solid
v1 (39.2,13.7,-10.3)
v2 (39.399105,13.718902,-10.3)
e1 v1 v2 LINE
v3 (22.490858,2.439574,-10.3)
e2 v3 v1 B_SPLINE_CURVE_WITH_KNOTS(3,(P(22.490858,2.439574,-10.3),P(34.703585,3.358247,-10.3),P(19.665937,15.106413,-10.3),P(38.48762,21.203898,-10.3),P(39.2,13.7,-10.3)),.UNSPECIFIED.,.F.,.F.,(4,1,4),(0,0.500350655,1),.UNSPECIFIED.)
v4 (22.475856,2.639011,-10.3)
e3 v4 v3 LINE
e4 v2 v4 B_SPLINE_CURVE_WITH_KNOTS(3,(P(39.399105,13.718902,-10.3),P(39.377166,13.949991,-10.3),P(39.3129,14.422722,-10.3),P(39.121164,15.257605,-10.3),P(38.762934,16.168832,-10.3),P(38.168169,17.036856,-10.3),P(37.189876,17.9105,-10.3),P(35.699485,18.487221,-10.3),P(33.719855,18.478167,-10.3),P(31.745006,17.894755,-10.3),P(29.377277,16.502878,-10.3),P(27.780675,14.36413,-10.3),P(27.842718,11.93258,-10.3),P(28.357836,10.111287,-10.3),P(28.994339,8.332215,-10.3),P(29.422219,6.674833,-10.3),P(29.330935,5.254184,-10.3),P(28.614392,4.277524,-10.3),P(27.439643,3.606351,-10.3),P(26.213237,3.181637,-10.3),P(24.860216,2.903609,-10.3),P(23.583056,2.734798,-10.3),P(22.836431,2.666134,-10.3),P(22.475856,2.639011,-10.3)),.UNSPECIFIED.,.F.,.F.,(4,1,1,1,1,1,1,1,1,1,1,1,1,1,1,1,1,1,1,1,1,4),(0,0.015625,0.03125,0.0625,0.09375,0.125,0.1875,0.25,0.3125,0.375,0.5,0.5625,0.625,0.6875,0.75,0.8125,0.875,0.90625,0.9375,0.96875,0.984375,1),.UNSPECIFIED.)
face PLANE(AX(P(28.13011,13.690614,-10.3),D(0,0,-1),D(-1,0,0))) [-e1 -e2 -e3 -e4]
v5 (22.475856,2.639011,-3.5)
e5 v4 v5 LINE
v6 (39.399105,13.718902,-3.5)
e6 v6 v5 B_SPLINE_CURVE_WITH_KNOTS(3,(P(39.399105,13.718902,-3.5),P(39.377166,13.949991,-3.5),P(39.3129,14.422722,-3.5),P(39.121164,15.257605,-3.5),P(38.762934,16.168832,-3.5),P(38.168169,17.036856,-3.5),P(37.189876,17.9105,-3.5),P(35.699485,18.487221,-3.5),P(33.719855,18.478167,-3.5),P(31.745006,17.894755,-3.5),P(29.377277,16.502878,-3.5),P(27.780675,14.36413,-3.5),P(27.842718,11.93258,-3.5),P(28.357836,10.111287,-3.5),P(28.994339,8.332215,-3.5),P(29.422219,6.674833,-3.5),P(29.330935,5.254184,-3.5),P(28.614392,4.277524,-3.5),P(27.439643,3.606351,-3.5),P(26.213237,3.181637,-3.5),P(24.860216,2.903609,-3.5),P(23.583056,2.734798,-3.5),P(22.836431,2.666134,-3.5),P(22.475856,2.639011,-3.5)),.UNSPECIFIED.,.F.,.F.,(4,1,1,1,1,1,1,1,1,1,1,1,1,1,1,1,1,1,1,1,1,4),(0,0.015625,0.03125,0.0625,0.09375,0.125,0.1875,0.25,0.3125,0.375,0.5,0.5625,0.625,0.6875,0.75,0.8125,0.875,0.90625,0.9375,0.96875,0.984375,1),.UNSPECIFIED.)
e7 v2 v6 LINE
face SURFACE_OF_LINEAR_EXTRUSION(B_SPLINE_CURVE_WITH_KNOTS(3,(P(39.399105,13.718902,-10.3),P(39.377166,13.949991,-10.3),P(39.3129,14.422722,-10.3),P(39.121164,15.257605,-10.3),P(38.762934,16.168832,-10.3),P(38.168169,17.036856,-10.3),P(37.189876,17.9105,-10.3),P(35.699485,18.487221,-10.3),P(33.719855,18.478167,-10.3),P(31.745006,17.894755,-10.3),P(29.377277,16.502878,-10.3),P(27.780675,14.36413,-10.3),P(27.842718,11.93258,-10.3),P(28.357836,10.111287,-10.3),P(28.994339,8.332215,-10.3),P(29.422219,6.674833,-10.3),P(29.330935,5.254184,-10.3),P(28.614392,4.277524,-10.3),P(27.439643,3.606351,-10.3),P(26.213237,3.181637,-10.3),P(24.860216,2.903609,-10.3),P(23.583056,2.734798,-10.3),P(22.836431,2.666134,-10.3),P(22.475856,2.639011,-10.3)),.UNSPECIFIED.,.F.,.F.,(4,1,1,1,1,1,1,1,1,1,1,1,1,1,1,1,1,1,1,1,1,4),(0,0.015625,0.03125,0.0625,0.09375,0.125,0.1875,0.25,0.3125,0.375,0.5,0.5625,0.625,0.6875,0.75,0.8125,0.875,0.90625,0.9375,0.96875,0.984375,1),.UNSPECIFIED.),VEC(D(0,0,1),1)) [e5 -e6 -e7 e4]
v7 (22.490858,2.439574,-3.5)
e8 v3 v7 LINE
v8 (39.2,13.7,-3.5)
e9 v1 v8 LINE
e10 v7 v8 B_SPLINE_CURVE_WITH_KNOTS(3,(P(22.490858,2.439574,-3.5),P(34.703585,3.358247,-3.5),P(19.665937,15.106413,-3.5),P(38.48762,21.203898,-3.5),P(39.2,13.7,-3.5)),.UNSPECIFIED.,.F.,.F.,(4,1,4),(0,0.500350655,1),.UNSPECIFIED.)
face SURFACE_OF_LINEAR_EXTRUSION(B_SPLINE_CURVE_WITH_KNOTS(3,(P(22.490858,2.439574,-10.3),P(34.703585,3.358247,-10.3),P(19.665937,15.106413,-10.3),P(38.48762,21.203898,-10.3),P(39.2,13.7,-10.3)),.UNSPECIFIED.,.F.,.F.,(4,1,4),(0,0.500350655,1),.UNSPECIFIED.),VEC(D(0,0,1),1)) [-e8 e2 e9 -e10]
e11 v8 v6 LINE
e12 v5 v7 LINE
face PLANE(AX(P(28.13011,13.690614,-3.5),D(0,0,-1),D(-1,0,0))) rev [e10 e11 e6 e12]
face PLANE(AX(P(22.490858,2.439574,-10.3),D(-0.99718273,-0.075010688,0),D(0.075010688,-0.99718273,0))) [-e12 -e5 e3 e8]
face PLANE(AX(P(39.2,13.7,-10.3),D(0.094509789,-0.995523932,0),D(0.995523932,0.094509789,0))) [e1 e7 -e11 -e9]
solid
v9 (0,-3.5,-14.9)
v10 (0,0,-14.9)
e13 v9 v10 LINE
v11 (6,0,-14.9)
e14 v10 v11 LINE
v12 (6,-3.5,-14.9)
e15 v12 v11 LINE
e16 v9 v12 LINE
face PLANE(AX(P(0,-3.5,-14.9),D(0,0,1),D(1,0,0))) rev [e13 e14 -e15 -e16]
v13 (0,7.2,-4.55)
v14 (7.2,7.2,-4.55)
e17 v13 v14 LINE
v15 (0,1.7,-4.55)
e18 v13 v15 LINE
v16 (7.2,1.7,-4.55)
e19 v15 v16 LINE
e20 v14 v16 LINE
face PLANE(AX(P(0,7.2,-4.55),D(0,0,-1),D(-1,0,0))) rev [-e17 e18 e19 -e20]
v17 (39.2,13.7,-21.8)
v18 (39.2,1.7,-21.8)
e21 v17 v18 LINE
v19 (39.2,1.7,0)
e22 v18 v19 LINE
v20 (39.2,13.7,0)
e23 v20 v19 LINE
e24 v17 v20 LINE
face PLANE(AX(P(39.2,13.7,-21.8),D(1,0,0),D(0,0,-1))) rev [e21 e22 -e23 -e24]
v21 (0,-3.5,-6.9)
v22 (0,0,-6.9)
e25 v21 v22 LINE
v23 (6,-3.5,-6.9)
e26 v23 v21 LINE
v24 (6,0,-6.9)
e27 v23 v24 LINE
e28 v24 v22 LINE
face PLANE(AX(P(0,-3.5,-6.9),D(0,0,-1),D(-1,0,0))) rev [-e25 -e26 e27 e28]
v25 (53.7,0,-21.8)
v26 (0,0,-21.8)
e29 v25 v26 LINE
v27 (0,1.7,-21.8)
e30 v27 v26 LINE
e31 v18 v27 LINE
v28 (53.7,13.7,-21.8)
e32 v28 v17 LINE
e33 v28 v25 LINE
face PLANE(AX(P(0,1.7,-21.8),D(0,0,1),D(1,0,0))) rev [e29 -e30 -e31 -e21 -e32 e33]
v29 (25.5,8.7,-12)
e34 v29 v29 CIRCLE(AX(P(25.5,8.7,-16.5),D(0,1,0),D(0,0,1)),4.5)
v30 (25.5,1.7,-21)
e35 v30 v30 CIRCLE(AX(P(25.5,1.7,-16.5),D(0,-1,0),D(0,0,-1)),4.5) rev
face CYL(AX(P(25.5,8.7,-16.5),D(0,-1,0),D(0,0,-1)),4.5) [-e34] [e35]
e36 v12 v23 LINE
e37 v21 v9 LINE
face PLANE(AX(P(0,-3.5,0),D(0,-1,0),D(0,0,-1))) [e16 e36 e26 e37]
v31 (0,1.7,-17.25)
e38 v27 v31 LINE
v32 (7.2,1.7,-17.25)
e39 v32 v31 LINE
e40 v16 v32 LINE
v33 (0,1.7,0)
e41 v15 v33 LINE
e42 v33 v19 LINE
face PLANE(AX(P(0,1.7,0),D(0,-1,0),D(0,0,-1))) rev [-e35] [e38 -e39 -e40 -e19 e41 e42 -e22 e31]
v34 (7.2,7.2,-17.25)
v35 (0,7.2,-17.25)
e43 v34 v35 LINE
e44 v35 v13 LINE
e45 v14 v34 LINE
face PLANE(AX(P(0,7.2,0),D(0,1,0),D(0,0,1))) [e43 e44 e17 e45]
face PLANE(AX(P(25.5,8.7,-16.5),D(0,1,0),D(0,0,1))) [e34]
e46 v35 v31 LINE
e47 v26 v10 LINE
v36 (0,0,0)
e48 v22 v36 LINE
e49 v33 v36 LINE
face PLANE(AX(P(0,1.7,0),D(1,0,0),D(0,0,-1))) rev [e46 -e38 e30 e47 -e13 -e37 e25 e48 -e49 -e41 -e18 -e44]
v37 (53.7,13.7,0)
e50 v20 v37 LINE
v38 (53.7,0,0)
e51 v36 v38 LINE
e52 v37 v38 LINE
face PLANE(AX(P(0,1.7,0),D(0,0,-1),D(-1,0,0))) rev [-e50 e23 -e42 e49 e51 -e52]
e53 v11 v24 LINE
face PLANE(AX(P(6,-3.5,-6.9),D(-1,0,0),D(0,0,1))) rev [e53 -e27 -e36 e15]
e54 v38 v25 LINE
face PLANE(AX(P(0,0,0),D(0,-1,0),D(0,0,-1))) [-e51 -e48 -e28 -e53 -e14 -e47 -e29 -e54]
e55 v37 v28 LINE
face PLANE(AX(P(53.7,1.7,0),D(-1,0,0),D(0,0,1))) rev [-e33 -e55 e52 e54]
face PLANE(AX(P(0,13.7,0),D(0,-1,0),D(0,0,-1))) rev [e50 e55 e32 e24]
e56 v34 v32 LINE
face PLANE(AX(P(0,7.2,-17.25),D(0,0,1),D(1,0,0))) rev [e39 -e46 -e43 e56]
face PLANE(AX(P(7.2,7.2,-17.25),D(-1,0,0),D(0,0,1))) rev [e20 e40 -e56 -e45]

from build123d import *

# Parameters (mm, degrees)
SKETCH1_W           = 53.7
SKETCH1_H           = 21.8
BOSS_EXTRUDE1_DEPTH = 1.7
SKETCH2_W           = 14.5
SKETCH2_H           = 21.8
BOSS_EXTRUDE2_DEPTH = 12
BOSS_EXTRUDE3_DEPTH = 6.8
SKETCH4_R           = 4.5
BOSS_EXTRUDE4_DEPTH = 7
SKETCH5_W           = 7.2
SKETCH5_H           = 12.7
BOSS_EXTRUDE5_DEPTH = 5.5
SKETCH6_W           = 6
SKETCH6_H           = 8
BOSS_EXTRUDE6_DEPTH = 3.5


with BuildPart() as part:
    # Sketch1 → Boss-Extrude1 (new body)
    with BuildSketch(Plane(origin=(0, 0, 0), x_dir=(1, 0, 0), z_dir=(0, 1, 0))):
        with Locations((26.85, 10.9)):
            Rectangle(SKETCH1_W, SKETCH1_H)
    extrude(amount=BOSS_EXTRUDE1_DEPTH)

    # Sketch2 → Boss-Extrude2 (add)
    with BuildSketch(Plane(origin=(0, 1.7, 0), x_dir=(1, 0, 0), z_dir=(0, 1, 0))):
        with Locations((46.45, 10.9)):
            Rectangle(SKETCH2_W, SKETCH2_H)
    extrude(amount=BOSS_EXTRUDE2_DEPTH)

    # Sketch4 → Boss-Extrude4 (add)
    with BuildSketch(Plane(origin=(0, 1.7, 0), x_dir=(1, 0, 0), z_dir=(0, 1, 0))):
        with Locations(Location((25.5, 16.5, 0), (0, 0, 90))):
            Circle(SKETCH4_R)
    extrude(amount=BOSS_EXTRUDE4_DEPTH)

    # Sketch5 → Boss-Extrude5 (add)
    with BuildSketch(Plane(origin=(0, 1.7, 0), x_dir=(1, 0, 0), z_dir=(0, 1, 0))):
        with Locations((3.6, 10.9)):
            Rectangle(SKETCH5_W, SKETCH5_H)
    extrude(amount=BOSS_EXTRUDE5_DEPTH)

    # Sketch6 → Boss-Extrude6 (add)
    with BuildSketch(Plane.XZ):
        with Locations((3, -10.9)):
            Rectangle(SKETCH6_W, SKETCH6_H)
    extrude(amount=BOSS_EXTRUDE6_DEPTH)


with BuildPart() as body_2:
    # Sketch3 → Boss-Extrude3 (new body)
    with BuildSketch(Plane.XY.offset(-3.5)):
        with BuildLine():
            Line((39.2, 13.7), (39.399104786, 13.718901958))
            add(Edge.make_bspline(
                [(39.399104786, 13.718901958), (39.37716637, 13.949991445), (39.312900137, 14.422722145), (39.121163674, 15.257604809), (38.762934197, 16.168832029), (38.168169426, 17.036855896), (37.189876498, 17.910500102), (35.699484662, 18.487221271), (33.719854527, 18.478167154), (31.745006015, 17.894754952), (29.377277148, 16.502877604), (27.780674525, 14.364129981), (27.842717967, 11.932579741), (28.357836119, 10.111287242), (28.994339416, 8.332214987), (29.422219371, 6.674833479), (29.330934537, 5.254184283), (28.614392477, 4.277524246), (27.439642851, 3.606350644), (26.21323705, 3.181637282), (24.860216287, 2.90360878), (23.583056392, 2.734797552), (22.83643137, 2.666133946), (22.475855855, 2.639010515)],
                knots=[0, 0, 0, 0, 0.015625, 0.03125, 0.0625, 0.09375, 0.125, 0.1875, 0.25, 0.3125, 0.375, 0.5, 0.5625, 0.625, 0.6875, 0.75, 0.8125, 0.875, 0.90625, 0.9375, 0.96875, 0.984375, 1, 1, 1, 1], degree=3))
            Line((22.475855855, 2.639010515), (22.490857993, 2.439573969))
            add(Edge.make_bspline(
                [(39.2, 13.7), (38.487619517, 21.203898001), (19.665936796, 15.106413478), (34.703585042, 3.358247179), (22.490857993, 2.439573969)],
                knots=[0, 0, 0, 0, 0.499649345, 1, 1, 1, 1], degree=3))
        make_face()
    extrude(amount=-BOSS_EXTRUDE3_DEPTH)


solid = Compound([part.part, body_2.part])
